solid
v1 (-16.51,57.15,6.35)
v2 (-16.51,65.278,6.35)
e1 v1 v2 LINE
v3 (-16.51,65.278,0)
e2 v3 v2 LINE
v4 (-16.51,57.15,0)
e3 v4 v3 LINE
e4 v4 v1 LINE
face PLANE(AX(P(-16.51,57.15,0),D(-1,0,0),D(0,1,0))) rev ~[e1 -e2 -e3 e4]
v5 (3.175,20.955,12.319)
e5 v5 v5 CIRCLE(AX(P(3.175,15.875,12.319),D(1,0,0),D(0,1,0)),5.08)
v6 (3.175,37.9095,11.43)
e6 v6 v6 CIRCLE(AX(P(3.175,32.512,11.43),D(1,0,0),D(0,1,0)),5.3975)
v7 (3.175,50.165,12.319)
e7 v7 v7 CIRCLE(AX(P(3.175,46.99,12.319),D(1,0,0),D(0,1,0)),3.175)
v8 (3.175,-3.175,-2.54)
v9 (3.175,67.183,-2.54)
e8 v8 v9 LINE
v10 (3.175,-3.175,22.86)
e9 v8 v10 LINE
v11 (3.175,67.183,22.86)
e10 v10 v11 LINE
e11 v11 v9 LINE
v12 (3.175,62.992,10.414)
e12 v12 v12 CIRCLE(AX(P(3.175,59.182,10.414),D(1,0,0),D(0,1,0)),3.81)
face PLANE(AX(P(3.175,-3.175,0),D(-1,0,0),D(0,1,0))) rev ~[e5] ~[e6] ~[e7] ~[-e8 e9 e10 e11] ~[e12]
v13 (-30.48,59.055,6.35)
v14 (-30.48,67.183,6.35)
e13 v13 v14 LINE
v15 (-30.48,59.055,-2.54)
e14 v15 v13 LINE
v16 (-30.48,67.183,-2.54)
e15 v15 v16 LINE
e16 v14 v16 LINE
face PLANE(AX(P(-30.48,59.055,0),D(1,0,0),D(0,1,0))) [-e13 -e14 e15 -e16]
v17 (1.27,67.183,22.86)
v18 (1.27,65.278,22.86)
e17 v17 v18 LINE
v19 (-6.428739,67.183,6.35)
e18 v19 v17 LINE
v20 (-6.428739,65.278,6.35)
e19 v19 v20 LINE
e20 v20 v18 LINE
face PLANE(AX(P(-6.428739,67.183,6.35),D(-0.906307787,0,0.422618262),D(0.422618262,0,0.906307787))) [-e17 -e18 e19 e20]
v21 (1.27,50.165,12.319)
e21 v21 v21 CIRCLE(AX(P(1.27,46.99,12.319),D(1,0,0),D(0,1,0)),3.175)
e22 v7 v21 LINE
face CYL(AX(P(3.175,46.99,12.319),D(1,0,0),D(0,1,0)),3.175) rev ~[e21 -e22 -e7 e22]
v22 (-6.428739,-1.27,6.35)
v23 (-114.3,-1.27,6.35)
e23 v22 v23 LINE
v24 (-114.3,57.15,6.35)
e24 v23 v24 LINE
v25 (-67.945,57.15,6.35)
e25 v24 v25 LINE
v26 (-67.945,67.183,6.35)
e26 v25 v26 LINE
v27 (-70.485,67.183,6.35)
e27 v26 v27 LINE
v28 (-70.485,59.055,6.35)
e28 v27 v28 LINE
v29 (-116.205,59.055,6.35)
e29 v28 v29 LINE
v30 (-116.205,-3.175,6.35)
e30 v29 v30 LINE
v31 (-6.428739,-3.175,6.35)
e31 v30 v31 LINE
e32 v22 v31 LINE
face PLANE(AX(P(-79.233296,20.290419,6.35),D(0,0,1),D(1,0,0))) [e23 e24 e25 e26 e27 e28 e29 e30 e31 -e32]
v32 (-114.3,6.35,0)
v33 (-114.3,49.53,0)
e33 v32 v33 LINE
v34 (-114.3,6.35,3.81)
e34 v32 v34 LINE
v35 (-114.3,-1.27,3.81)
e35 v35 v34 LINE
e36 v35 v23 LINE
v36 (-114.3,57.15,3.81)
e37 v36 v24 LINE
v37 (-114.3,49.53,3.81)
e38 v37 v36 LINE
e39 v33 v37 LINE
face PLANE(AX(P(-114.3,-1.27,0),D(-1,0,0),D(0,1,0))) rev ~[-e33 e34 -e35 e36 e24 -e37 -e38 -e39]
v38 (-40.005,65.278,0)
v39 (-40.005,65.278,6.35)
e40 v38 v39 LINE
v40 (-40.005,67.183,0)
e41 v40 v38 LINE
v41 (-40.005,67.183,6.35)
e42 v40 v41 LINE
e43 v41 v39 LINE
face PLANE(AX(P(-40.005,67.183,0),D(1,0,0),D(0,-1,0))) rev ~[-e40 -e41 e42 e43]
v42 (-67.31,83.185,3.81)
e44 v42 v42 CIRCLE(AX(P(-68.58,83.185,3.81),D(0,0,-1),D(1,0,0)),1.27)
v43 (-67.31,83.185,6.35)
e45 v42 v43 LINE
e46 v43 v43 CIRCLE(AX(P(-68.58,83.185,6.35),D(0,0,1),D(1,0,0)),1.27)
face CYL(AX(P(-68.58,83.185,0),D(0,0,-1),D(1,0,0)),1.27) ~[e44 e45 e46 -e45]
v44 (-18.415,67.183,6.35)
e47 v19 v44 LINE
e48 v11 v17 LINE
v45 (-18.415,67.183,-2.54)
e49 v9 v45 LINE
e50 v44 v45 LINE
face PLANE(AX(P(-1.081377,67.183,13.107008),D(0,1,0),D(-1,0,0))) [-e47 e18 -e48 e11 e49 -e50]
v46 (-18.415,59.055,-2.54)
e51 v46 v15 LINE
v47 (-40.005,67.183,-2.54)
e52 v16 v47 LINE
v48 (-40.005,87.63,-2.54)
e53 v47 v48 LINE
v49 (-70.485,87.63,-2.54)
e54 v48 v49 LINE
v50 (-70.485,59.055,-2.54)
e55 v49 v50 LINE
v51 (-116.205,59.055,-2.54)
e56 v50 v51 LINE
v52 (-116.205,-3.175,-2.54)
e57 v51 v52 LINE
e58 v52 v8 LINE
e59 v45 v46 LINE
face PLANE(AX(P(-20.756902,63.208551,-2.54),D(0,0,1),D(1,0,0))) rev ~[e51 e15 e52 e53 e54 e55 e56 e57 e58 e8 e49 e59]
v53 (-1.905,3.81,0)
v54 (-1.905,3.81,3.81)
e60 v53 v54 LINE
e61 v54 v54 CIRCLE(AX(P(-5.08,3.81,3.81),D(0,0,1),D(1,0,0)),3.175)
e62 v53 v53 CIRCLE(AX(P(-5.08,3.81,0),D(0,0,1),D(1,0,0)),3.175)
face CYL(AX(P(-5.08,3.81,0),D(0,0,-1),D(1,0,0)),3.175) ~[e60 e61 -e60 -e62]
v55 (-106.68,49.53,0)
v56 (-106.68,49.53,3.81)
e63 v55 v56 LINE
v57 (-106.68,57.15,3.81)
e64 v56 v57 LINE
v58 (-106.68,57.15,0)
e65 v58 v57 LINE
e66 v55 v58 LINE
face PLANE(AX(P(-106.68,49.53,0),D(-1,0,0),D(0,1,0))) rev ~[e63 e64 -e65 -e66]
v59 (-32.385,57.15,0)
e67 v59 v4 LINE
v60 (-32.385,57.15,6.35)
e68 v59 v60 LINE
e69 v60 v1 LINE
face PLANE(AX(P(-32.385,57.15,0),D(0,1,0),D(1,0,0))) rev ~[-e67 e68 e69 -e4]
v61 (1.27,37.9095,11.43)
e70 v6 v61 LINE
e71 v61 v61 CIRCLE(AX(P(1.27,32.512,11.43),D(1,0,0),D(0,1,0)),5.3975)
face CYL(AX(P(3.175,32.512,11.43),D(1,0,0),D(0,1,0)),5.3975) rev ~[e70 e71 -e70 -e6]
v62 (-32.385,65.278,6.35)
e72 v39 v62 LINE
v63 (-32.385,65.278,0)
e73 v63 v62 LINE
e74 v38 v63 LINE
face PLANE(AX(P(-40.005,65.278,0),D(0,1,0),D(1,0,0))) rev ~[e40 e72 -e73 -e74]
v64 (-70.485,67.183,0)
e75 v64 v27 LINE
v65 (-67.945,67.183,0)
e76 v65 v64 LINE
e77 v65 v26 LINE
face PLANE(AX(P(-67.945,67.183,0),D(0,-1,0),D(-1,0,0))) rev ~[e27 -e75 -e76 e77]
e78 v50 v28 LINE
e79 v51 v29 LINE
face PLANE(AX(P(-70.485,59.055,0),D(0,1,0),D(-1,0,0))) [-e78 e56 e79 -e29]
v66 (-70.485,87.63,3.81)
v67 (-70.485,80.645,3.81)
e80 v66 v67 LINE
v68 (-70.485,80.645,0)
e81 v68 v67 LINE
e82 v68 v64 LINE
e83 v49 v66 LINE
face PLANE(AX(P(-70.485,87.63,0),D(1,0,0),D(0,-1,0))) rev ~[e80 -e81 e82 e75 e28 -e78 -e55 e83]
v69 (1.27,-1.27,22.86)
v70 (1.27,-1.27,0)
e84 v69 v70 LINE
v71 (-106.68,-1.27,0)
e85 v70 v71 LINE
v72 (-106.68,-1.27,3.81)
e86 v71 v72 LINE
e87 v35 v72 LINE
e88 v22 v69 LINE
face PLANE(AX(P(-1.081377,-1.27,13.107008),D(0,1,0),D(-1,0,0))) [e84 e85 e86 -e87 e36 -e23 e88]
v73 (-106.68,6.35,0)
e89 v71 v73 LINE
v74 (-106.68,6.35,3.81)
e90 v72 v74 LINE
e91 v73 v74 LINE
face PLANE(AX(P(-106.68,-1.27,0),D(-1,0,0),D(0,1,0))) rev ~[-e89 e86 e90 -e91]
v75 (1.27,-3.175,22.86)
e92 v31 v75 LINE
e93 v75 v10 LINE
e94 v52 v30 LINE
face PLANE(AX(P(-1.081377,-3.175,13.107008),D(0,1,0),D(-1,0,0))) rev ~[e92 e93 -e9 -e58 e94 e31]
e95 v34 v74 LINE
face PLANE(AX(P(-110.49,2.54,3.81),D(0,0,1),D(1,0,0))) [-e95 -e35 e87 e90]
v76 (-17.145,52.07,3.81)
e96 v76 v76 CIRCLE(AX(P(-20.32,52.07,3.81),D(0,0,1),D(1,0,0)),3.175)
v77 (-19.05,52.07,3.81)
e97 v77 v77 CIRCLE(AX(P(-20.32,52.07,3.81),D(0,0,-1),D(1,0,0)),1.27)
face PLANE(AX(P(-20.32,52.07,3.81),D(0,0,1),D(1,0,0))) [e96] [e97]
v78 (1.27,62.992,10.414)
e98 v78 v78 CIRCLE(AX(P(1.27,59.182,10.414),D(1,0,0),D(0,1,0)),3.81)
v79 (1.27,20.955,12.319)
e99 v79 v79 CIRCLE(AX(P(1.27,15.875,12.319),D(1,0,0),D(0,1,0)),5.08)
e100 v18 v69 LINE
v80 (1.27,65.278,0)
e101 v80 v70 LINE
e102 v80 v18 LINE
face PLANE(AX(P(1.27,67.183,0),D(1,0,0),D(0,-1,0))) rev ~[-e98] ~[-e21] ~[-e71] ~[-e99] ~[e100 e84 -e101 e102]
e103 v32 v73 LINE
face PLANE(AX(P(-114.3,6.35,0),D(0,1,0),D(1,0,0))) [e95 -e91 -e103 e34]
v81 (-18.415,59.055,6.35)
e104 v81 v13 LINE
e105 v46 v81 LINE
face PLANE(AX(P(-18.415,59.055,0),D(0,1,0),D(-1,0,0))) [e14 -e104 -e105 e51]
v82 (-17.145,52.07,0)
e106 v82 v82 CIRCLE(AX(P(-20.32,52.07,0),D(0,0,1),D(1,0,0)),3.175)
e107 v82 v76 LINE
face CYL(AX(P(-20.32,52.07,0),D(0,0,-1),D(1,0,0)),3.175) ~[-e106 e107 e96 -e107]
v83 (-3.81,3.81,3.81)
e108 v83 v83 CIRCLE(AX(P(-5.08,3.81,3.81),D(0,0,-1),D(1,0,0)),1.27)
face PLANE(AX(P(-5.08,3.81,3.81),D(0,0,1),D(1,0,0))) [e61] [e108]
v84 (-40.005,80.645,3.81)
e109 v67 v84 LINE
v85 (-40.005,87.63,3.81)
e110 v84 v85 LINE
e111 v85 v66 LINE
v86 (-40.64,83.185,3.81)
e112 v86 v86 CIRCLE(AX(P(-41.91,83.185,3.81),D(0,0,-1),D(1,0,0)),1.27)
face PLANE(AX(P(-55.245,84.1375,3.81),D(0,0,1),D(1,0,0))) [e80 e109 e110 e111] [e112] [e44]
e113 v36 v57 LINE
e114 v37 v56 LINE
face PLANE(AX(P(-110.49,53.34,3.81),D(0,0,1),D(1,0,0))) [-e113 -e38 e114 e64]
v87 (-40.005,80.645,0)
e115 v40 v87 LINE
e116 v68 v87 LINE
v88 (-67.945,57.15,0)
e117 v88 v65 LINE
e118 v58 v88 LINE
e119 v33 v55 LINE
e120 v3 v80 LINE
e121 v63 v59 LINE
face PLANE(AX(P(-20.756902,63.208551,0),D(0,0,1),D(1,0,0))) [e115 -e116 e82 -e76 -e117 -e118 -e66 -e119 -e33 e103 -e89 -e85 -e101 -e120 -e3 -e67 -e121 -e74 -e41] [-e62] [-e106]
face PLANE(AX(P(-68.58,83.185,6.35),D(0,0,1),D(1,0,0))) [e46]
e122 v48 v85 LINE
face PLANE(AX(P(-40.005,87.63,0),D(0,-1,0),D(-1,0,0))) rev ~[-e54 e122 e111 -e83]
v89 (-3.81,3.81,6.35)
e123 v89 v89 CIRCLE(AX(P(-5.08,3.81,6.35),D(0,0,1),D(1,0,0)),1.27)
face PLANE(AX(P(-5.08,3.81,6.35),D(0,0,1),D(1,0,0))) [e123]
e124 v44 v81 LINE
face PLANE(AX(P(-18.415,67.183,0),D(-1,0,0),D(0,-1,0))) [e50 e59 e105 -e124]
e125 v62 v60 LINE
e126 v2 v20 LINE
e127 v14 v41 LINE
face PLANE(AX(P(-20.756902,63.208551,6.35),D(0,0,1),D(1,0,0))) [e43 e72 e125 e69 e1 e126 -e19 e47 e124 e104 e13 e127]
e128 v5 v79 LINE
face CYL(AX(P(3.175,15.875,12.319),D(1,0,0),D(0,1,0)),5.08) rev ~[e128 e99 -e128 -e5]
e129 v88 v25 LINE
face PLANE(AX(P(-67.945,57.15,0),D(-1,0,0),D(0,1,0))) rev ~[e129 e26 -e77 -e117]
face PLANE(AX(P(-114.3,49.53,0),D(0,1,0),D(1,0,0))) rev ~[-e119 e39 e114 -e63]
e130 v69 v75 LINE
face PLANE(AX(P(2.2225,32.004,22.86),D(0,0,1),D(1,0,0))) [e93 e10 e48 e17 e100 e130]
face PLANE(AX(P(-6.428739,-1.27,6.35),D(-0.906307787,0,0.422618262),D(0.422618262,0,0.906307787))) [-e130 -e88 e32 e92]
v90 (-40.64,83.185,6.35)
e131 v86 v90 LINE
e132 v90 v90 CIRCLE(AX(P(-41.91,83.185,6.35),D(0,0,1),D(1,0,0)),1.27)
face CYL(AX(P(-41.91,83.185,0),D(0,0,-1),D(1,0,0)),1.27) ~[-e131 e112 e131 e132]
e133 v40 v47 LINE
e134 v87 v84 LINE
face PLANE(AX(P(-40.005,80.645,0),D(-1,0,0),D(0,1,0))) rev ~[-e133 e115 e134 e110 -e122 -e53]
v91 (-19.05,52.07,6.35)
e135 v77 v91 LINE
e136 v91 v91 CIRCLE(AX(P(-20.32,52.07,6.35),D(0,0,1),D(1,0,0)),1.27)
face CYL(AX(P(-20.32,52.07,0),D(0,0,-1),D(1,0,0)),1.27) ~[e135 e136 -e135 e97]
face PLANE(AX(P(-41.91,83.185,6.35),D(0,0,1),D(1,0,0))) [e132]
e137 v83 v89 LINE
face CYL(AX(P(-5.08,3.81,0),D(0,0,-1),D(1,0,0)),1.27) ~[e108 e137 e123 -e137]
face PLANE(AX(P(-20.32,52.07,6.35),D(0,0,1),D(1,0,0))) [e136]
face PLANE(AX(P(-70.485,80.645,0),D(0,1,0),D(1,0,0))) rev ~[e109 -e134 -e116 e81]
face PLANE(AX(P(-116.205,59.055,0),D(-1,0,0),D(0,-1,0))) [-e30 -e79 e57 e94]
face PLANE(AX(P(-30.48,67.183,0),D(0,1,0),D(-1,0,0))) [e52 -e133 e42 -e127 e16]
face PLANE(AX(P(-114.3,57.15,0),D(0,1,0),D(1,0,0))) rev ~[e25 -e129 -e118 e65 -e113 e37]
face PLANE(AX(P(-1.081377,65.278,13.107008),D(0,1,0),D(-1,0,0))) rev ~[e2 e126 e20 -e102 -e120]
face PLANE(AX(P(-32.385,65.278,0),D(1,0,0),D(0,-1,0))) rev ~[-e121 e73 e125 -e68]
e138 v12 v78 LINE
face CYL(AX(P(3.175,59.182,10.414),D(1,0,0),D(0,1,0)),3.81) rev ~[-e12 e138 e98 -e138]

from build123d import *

# Parameters (mm, degrees)
F0_R     = 3.175
F0_W     = 7.62
F0_H     = 7.62
F0_R_2   = 1.27
F0_W_2   = 2.54
F0_H_2   = 13.462
F1_DEPTH = 2.54
F2_DEPTH = 3.81
F3_DEPTH = 6.35
F4_DEPTH = 22.86
F5_R     = 5.08
F5_R_2   = 5.3975
F5_R_3   = 3.175
F5_R_4   = 3.81
F6_DEPTH = 1.905
F8_DEPTH = 1.905
F9_START = -68.453
F9_DEPTH = 1.905


with BuildPart() as f1:
    # F0 (on Top) → F1 (new body)
    with BuildSketch(Plane.XY):
        Polygon((-32.385, 65.278), (-32.385, 57.15), (-16.51, 57.15), (-16.51, 65.278), (1.27, 65.278), (1.27, 67.183), (-18.415, 67.183), (-18.415, 59.055), (-30.48, 59.055), (-30.48, 67.183), (-40.005, 67.183), (-40.005, 65.278), align=None)
        Polygon((-16.51, 57.15), (-32.385, 57.15), (-32.385, 65.278), (-40.005, 65.278), (-43.18, 65.278), (-43.18, 80.645), (-67.945, 80.645), (-67.945, 67.183), (-67.945, 57.15), (-106.68, 57.15), (-106.68, 49.53), (-114.3, 49.53), (-114.3, 6.35), (-106.68, 6.35), (-106.68, -1.27), (1.27, -1.27), (1.27, 65.278), (-16.51, 65.278), align=None)
        with Locations((-5.08, 3.81)):
            Circle(F0_R, mode=Mode.SUBTRACT)
        with Locations((-20.32, 52.07)):
            Circle(F0_R, mode=Mode.SUBTRACT)
        with Locations((-110.49, 53.34)):
            Rectangle(F0_W, F0_H)
        with Locations((-110.49, 2.54)):
            Rectangle(F0_W, F0_H)
        Polygon((-67.945, 80.645), (-43.18, 80.645), (-40.005, 80.645), (-40.005, 87.63), (-70.485, 87.63), (-70.485, 80.645), align=None)
        with Locations((-68.58, 83.185)):
            Circle(F0_R_2, mode=Mode.SUBTRACT)
        with Locations((-41.91, 83.185)):
            Circle(F0_R_2, mode=Mode.SUBTRACT)
        with Locations((-68.58, 83.185)):
            Circle(F0_R_2)
        with Locations((-41.91, 83.185)):
            Circle(F0_R_2)
        with Locations((-20.32, 52.07)):
            Circle(F0_R)
        with Locations((-20.32, 52.07)):
            Circle(F0_R_2, mode=Mode.SUBTRACT)
        with Locations((-20.32, 52.07)):
            Circle(F0_R_2)
        with Locations((-5.08, 3.81)):
            Circle(F0_R)
        with Locations((-5.08, 3.81)):
            Circle(F0_R_2, mode=Mode.SUBTRACT)
        with Locations((-5.08, 3.81)):
            Circle(F0_R_2)
        Polygon((1.27, -3.175), (1.27, -1.27), (-106.68, -1.27), (-114.3, -1.27), (-114.3, 6.35), (-114.3, 49.53), (-114.3, 57.15), (-106.68, 57.15), (-67.945, 57.15), (-67.945, 67.183), (-70.485, 67.183), (-70.485, 59.055), (-116.205, 59.055), (-116.205, -3.175), align=None)
        Polygon((1.27, 67.183), (1.27, 65.278), (1.27, -1.27), (1.27, -3.175), (3.175, -3.175), (3.175, 67.183), align=None)
        with Locations((-69.215, 73.914)):
            Rectangle(F0_W_2, F0_H_2)
        Polygon((-43.18, 65.278), (-40.005, 65.278), (-40.005, 67.183), (-40.005, 80.645), (-43.18, 80.645), align=None)
    extrude(amount=-F1_DEPTH)

    # F0 (on Top) → F2 (join)
    with BuildSketch(Plane.XY):
        Polygon((-67.945, 80.645), (-43.18, 80.645), (-40.005, 80.645), (-40.005, 87.63), (-70.485, 87.63), (-70.485, 80.645), align=None)
        with Locations((-68.58, 83.185)):
            Circle(F0_R_2, mode=Mode.SUBTRACT)
        with Locations((-41.91, 83.185)):
            Circle(F0_R_2, mode=Mode.SUBTRACT)
        with Locations((-110.49, 53.34)):
            Rectangle(F0_W, F0_H)
        with Locations((-110.49, 2.54)):
            Rectangle(F0_W, F0_H)
        with Locations((-20.32, 52.07)):
            Circle(F0_R)
        with Locations((-20.32, 52.07)):
            Circle(F0_R_2, mode=Mode.SUBTRACT)
        with Locations((-5.08, 3.81)):
            Circle(F0_R)
        with Locations((-5.08, 3.81)):
            Circle(F0_R_2, mode=Mode.SUBTRACT)
        with Locations((-68.58, 83.185)):
            Circle(F0_R_2)
        with Locations((-41.91, 83.185)):
            Circle(F0_R_2)
        with Locations((-20.32, 52.07)):
            Circle(F0_R_2)
        with Locations((-5.08, 3.81)):
            Circle(F0_R_2)
    extrude(amount=F2_DEPTH)

    # F0 (on Top) → F3 (join)
    with BuildSketch(Plane.XY):
        with Locations((-68.58, 83.185)):
            Circle(F0_R_2)
        with Locations((-41.91, 83.185)):
            Circle(F0_R_2)
        with Locations((-20.32, 52.07)):
            Circle(F0_R_2)
        with Locations((-5.08, 3.81)):
            Circle(F0_R_2)
        Polygon((1.27, -3.175), (1.27, -1.27), (-106.68, -1.27), (-114.3, -1.27), (-114.3, 6.35), (-114.3, 49.53), (-114.3, 57.15), (-106.68, 57.15), (-67.945, 57.15), (-67.945, 67.183), (-70.485, 67.183), (-70.485, 59.055), (-116.205, 59.055), (-116.205, -3.175), align=None)
        Polygon((-32.385, 65.278), (-32.385, 57.15), (-16.51, 57.15), (-16.51, 65.278), (1.27, 65.278), (1.27, 67.183), (-18.415, 67.183), (-18.415, 59.055), (-30.48, 59.055), (-30.48, 67.183), (-40.005, 67.183), (-40.005, 65.278), align=None)
    extrude(amount=F3_DEPTH)

    # F0 (on Top) → F4 (join)
    with BuildSketch(Plane.XY):
        Polygon((1.27, 67.183), (1.27, 65.278), (1.27, -1.27), (1.27, -3.175), (3.175, -3.175), (3.175, 67.183), align=None)
    extrude(amount=F4_DEPTH)

    # F5 (on face) → F6 (cut, through all)
    with BuildSketch(Plane.YZ.offset(3.175)):
        with Locations((15.875, 12.319)):
            Circle(F5_R)
        with Locations((32.512, 11.43)):
            Circle(F5_R_2)
        with Locations((46.99, 12.319)):
            Circle(F5_R_3)
        with Locations((59.182, 10.414)):
            Circle(F5_R_4)
    extrude(amount=-F6_DEPTH, mode=Mode.SUBTRACT)

    # F7 (on face) → F8 (join, through all)
    with BuildSketch(Plane(origin=(0, 67.183, 0), x_dir=(-1, 0, 0), z_dir=(0, 1, 0))):
        Polygon((6.4287394361, 6.35), (-1.27, 22.86), (-1.27, 6.35), align=None)
    extrude(amount=-F8_DEPTH)

    # F7 (on face) → F9 (join)
    with BuildSketch(Plane(origin=(0, 67.183, 0), x_dir=(-1, 0, 0), z_dir=(0, 1, 0)).offset(F9_START)):
        Polygon((6.4287394361, 6.35), (-1.27, 22.86), (-1.27, 6.35), align=None)
    extrude(amount=-F9_DEPTH)


solid = f1.part
